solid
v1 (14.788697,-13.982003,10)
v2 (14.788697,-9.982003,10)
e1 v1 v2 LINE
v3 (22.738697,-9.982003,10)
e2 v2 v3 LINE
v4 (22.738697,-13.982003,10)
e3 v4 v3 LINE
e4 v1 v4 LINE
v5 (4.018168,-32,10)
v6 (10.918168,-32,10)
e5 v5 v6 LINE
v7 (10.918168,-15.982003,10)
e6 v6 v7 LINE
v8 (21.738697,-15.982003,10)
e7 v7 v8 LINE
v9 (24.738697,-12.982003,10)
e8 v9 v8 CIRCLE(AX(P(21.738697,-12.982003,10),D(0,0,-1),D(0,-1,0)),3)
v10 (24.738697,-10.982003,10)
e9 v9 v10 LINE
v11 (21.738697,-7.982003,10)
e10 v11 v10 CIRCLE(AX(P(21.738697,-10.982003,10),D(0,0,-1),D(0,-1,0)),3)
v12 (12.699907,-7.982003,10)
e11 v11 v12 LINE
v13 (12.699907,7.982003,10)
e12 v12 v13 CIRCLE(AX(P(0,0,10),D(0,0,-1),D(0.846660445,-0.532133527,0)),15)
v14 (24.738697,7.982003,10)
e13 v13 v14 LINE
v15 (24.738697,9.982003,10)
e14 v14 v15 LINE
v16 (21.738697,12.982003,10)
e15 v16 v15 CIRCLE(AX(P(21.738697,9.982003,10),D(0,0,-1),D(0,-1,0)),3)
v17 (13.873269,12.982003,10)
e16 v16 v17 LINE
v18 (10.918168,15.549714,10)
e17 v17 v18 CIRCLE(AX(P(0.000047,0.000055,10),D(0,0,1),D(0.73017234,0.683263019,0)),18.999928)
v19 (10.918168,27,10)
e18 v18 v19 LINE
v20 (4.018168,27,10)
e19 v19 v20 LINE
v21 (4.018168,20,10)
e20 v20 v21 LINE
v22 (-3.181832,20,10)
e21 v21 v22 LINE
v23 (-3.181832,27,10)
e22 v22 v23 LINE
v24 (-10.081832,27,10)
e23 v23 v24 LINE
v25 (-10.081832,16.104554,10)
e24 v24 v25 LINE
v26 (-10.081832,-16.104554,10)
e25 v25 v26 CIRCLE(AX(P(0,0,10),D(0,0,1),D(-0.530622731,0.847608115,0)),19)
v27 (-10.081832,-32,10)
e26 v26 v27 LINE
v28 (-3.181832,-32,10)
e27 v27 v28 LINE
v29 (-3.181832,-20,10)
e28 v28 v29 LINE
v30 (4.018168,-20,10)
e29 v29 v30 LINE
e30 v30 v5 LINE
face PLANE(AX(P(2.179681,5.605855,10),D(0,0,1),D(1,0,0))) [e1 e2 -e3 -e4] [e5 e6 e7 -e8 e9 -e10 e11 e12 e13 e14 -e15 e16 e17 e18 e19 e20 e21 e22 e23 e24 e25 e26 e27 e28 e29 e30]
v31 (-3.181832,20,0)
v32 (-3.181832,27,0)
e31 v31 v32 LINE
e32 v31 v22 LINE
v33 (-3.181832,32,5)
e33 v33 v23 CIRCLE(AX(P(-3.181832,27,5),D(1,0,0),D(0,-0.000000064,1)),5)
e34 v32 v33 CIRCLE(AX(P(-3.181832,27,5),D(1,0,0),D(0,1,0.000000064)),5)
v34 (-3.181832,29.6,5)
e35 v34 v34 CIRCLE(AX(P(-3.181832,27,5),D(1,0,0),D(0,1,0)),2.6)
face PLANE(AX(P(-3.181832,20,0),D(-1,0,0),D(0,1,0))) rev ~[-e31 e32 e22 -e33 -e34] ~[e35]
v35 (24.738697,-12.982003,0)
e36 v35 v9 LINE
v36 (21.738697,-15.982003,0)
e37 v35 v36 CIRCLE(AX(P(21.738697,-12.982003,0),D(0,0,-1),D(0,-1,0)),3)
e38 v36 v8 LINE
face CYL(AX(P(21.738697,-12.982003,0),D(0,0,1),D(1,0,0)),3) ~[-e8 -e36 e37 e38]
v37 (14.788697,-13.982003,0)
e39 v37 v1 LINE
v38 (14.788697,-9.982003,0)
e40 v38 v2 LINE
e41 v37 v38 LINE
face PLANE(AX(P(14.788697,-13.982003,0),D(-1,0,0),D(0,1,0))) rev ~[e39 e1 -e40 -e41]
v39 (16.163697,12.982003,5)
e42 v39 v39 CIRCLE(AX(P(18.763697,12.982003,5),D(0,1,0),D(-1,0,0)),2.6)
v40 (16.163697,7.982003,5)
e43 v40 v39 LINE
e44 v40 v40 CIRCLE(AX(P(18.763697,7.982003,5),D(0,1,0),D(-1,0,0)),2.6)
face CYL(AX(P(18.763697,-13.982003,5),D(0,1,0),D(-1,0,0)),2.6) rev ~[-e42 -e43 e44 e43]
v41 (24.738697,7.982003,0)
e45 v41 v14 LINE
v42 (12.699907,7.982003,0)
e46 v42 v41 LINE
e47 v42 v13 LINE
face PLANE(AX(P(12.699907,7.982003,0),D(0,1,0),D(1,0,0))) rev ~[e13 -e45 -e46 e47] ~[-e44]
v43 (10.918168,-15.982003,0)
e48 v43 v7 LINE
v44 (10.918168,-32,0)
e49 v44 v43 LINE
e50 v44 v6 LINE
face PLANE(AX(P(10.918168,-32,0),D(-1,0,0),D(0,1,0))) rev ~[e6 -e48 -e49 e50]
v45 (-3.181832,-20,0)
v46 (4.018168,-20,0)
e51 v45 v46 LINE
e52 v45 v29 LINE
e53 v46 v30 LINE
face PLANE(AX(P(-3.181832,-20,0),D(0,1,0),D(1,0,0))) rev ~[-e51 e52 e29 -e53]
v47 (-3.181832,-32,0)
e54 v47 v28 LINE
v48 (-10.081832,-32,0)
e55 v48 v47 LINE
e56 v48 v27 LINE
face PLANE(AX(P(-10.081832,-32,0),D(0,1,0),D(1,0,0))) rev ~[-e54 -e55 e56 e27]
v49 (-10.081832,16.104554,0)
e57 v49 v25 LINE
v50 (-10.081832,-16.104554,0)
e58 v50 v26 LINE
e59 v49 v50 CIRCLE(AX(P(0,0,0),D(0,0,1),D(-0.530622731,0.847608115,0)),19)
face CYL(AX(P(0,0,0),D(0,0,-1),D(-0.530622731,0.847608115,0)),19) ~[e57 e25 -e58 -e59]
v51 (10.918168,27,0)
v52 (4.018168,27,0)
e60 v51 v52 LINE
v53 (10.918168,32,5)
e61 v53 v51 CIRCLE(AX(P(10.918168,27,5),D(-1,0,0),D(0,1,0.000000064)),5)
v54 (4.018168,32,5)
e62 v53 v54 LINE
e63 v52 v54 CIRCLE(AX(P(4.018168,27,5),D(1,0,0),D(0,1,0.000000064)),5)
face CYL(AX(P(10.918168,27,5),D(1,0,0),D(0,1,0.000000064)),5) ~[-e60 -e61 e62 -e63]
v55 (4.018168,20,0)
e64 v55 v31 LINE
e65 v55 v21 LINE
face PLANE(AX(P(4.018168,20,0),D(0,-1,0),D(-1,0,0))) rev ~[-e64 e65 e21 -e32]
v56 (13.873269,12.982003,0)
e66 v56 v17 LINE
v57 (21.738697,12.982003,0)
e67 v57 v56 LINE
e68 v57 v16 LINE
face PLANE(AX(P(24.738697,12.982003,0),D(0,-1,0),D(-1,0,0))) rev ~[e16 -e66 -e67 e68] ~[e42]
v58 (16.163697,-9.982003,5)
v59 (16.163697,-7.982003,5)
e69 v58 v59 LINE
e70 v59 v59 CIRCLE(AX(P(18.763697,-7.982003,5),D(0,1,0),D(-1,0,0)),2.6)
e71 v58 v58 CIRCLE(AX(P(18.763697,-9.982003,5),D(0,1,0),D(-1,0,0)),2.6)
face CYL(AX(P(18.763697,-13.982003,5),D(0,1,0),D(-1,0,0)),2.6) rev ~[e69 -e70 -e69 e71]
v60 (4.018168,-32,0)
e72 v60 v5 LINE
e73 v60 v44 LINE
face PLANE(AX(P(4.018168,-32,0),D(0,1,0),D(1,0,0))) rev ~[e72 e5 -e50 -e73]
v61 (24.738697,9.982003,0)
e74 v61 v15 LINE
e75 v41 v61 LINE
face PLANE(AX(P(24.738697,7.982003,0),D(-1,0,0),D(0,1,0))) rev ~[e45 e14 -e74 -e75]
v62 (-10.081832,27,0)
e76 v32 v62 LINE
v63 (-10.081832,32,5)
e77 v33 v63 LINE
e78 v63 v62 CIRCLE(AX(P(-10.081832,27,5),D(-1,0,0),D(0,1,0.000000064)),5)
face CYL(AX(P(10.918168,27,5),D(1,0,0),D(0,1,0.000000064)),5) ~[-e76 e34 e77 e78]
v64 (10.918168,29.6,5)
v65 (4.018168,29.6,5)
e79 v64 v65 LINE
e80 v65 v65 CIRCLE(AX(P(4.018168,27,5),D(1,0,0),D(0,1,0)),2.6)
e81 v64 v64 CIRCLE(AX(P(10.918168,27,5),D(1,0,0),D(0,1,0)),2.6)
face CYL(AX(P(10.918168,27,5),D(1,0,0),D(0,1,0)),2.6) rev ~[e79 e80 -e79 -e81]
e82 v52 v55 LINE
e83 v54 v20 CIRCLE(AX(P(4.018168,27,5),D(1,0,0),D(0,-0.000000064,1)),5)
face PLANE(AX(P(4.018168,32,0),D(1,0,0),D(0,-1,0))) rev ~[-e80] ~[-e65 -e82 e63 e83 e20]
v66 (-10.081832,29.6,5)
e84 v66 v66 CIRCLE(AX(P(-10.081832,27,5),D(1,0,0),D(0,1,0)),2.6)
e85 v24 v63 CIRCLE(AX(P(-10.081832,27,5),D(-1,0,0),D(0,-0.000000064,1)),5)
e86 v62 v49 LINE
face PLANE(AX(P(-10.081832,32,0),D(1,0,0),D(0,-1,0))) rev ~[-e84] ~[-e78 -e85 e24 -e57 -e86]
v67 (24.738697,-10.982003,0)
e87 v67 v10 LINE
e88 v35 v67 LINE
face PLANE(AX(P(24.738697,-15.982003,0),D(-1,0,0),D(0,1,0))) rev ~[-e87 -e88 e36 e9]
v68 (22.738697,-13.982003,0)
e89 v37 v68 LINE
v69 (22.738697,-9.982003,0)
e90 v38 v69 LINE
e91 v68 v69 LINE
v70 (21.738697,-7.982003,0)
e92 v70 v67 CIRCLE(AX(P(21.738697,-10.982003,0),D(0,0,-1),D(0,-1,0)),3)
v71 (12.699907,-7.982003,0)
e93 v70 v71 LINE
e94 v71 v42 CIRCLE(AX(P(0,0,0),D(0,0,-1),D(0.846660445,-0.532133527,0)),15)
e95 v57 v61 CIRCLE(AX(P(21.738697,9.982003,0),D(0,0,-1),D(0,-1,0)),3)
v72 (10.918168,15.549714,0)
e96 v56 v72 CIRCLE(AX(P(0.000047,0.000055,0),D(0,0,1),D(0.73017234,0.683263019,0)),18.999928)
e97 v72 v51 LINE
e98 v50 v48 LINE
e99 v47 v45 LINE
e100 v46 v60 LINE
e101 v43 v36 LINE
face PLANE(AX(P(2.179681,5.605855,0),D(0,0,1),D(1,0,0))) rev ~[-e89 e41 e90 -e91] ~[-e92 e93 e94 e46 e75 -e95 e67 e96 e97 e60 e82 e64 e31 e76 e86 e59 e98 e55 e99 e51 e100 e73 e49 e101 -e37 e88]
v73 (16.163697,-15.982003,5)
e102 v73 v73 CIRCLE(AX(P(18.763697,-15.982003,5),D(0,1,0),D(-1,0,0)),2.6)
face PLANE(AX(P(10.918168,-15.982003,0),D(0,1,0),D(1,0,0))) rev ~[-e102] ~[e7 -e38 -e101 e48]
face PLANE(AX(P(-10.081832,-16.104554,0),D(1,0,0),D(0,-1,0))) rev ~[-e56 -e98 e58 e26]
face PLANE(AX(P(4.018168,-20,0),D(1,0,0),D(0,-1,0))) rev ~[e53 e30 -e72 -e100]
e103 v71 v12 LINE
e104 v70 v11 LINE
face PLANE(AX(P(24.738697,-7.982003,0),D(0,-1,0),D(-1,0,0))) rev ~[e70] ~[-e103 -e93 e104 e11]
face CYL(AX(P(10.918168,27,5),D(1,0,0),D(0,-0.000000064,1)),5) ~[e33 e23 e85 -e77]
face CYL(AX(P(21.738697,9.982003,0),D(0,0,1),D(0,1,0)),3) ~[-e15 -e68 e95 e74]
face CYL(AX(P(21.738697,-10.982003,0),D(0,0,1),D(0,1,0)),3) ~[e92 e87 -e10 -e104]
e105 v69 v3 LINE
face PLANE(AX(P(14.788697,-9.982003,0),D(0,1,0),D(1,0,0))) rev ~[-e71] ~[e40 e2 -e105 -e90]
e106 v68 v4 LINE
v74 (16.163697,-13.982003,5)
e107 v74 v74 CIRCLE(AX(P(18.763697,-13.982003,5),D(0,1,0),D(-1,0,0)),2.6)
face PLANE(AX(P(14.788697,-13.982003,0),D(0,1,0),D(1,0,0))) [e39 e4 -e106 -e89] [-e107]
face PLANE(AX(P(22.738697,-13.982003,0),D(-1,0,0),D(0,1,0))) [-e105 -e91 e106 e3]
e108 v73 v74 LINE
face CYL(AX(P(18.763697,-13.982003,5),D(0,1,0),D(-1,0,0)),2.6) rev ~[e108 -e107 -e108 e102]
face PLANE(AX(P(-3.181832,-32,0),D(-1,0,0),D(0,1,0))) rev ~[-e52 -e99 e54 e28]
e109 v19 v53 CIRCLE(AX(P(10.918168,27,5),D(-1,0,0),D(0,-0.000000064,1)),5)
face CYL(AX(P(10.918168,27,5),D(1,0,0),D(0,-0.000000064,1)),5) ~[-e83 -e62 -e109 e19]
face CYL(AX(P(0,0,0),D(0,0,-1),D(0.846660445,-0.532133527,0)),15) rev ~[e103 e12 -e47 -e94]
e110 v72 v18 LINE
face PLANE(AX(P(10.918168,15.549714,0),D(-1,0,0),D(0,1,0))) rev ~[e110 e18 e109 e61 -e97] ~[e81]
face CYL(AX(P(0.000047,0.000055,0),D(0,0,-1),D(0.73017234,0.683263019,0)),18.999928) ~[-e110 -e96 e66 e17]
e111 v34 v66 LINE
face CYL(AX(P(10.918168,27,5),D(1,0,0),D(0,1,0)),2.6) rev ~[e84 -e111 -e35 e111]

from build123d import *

# Parameters (mm, degrees)
F0_W     = 7.95
F0_H     = 4
F1_DEPTH = 10
F2_R     = 2.6
F3_DEPTH = 21
F4_R     = 2.6
F5_DEPTH = 50
F6_R     = 3


with BuildPart() as f1:
    # F0 (on Top) → F1 (new body)
    with BuildSketch(Plane.XY):
        with BuildLine():
            Line((24.738697, 12.982003), (13.873269, 12.982003))
            ThreePointArc((13.873269, 12.982003), (12.462028, 14.342171), (10.918168, 15.549714))
            Line((10.918168, 15.549714), (10.918168, 32))
            Line((10.918168, 32), (4.018168, 32))
            Line((4.018168, 32), (4.018168, 20))
            Line((4.018168, 20), (-3.181832, 20))
            Line((-3.181832, 20), (-3.181832, 32))
            Line((-3.181832, 32), (-10.081832, 32))
            Line((-10.081832, 32), (-10.081832, 16.104554))
            ThreePointArc((-10.081832, 16.104554), (-19, 0), (-10.081832, -16.104554))
            ThreePointArc((-10.081832, -16.104554), (-6.760669, -17.756502), (-3.181832, -18.731683))
            ThreePointArc((-3.181832, -18.731683), (0.425887, -18.995226), (4.018168, -18.570254))
            ThreePointArc((4.018168, -18.570254), (7.26281, -17.557095), (10.274998, -15.982003))
            Line((10.274998, -15.982003), (10.918168, -15.982003))
            Line((10.918168, -15.982003), (12.699907, -15.982003))
            Line((12.699907, -15.982003), (24.738697, -15.982003))
            Line((24.738697, -15.982003), (24.738697, -7.982003))
            Line((24.738697, -7.982003), (12.699907, -7.982003))
            ThreePointArc((12.699907, -7.982003), (-15, 0), (12.699907, 7.982003))
            Line((12.699907, 7.982003), (24.738697, 7.982003))
            Line((24.738697, 7.982003), (24.738697, 12.982003))
        make_face()
        with Locations((18.763697, -11.982003)):
            Rectangle(F0_W, F0_H, mode=Mode.SUBTRACT)
        with BuildLine():
            Line((10.918168, -32), (10.918168, -15.982003))
            Line((10.918168, -15.982003), (10.274998, -15.982003))
            ThreePointArc((10.274998, -15.982003), (7.26281, -17.557095), (4.018168, -18.570254))
            Line((4.018168, -18.570254), (4.018168, -20))
            Line((4.018168, -20), (4.018168, -32))
            Line((4.018168, -32), (10.918168, -32))
        make_face()
        with BuildLine():
            ThreePointArc((-3.181832, -18.731683), (-6.760669, -17.756502), (-10.081832, -16.104554))
            Line((-10.081832, -16.104554), (-10.081832, -32))
            Line((-10.081832, -32), (-3.181832, -32))
            Line((-3.181832, -32), (-3.181832, -20))
            Line((-3.181832, -20), (-3.181832, -18.731683))
        make_face()
        with BuildLine():
            ThreePointArc((4.018168, -18.570254), (0.425887, -18.995226), (-3.181832, -18.731683))
            Line((-3.181832, -18.731683), (-3.181832, -20))
            Line((-3.181832, -20), (4.018168, -20))
            Line((4.018168, -20), (4.018168, -18.570254))
        make_face()
    extrude(amount=F1_DEPTH)

    # F2 (on face) → F3 (cut, through all)
    with BuildSketch(Plane.YZ.offset(10.918168)):
        with BuildLine():
            ThreePointArc((32, 5), (30.535534, 1.464466), (27, 0))
            Line((27, 0), (32, 0))
            Line((32, 0), (32, 5))
        make_face()
        with BuildLine():
            ThreePointArc((27, 10), (30.535534, 8.535534), (32, 5))
            Line((32, 5), (32, 10))
            Line((32, 10), (27, 10))
        make_face()
        with Locations((27, 5)):
            Circle(F2_R)
    extrude(amount=-F3_DEPTH, mode=Mode.SUBTRACT)

    # F4 (on face) → F5 (cut, symmetric)
    with BuildSketch(Plane(origin=(0, -13.982003, 0), x_dir=(-1, 0, 0), z_dir=(0, 1, 0))):
        with Locations((-18.763697, 5)):
            Circle(F4_R)
    extrude(amount=F5_DEPTH, both=True, mode=Mode.SUBTRACT)

    # F6
    f6_edges = [f1.edges().sort_by_distance(p)[0] for p in [
        (24.738697, 12.982003, 5),
        (24.738697, -7.982003, 5),
        (24.738697, -15.982003, 5),
    ]]
    fillet(f6_edges, radius=F6_R)


solid = f1.part
